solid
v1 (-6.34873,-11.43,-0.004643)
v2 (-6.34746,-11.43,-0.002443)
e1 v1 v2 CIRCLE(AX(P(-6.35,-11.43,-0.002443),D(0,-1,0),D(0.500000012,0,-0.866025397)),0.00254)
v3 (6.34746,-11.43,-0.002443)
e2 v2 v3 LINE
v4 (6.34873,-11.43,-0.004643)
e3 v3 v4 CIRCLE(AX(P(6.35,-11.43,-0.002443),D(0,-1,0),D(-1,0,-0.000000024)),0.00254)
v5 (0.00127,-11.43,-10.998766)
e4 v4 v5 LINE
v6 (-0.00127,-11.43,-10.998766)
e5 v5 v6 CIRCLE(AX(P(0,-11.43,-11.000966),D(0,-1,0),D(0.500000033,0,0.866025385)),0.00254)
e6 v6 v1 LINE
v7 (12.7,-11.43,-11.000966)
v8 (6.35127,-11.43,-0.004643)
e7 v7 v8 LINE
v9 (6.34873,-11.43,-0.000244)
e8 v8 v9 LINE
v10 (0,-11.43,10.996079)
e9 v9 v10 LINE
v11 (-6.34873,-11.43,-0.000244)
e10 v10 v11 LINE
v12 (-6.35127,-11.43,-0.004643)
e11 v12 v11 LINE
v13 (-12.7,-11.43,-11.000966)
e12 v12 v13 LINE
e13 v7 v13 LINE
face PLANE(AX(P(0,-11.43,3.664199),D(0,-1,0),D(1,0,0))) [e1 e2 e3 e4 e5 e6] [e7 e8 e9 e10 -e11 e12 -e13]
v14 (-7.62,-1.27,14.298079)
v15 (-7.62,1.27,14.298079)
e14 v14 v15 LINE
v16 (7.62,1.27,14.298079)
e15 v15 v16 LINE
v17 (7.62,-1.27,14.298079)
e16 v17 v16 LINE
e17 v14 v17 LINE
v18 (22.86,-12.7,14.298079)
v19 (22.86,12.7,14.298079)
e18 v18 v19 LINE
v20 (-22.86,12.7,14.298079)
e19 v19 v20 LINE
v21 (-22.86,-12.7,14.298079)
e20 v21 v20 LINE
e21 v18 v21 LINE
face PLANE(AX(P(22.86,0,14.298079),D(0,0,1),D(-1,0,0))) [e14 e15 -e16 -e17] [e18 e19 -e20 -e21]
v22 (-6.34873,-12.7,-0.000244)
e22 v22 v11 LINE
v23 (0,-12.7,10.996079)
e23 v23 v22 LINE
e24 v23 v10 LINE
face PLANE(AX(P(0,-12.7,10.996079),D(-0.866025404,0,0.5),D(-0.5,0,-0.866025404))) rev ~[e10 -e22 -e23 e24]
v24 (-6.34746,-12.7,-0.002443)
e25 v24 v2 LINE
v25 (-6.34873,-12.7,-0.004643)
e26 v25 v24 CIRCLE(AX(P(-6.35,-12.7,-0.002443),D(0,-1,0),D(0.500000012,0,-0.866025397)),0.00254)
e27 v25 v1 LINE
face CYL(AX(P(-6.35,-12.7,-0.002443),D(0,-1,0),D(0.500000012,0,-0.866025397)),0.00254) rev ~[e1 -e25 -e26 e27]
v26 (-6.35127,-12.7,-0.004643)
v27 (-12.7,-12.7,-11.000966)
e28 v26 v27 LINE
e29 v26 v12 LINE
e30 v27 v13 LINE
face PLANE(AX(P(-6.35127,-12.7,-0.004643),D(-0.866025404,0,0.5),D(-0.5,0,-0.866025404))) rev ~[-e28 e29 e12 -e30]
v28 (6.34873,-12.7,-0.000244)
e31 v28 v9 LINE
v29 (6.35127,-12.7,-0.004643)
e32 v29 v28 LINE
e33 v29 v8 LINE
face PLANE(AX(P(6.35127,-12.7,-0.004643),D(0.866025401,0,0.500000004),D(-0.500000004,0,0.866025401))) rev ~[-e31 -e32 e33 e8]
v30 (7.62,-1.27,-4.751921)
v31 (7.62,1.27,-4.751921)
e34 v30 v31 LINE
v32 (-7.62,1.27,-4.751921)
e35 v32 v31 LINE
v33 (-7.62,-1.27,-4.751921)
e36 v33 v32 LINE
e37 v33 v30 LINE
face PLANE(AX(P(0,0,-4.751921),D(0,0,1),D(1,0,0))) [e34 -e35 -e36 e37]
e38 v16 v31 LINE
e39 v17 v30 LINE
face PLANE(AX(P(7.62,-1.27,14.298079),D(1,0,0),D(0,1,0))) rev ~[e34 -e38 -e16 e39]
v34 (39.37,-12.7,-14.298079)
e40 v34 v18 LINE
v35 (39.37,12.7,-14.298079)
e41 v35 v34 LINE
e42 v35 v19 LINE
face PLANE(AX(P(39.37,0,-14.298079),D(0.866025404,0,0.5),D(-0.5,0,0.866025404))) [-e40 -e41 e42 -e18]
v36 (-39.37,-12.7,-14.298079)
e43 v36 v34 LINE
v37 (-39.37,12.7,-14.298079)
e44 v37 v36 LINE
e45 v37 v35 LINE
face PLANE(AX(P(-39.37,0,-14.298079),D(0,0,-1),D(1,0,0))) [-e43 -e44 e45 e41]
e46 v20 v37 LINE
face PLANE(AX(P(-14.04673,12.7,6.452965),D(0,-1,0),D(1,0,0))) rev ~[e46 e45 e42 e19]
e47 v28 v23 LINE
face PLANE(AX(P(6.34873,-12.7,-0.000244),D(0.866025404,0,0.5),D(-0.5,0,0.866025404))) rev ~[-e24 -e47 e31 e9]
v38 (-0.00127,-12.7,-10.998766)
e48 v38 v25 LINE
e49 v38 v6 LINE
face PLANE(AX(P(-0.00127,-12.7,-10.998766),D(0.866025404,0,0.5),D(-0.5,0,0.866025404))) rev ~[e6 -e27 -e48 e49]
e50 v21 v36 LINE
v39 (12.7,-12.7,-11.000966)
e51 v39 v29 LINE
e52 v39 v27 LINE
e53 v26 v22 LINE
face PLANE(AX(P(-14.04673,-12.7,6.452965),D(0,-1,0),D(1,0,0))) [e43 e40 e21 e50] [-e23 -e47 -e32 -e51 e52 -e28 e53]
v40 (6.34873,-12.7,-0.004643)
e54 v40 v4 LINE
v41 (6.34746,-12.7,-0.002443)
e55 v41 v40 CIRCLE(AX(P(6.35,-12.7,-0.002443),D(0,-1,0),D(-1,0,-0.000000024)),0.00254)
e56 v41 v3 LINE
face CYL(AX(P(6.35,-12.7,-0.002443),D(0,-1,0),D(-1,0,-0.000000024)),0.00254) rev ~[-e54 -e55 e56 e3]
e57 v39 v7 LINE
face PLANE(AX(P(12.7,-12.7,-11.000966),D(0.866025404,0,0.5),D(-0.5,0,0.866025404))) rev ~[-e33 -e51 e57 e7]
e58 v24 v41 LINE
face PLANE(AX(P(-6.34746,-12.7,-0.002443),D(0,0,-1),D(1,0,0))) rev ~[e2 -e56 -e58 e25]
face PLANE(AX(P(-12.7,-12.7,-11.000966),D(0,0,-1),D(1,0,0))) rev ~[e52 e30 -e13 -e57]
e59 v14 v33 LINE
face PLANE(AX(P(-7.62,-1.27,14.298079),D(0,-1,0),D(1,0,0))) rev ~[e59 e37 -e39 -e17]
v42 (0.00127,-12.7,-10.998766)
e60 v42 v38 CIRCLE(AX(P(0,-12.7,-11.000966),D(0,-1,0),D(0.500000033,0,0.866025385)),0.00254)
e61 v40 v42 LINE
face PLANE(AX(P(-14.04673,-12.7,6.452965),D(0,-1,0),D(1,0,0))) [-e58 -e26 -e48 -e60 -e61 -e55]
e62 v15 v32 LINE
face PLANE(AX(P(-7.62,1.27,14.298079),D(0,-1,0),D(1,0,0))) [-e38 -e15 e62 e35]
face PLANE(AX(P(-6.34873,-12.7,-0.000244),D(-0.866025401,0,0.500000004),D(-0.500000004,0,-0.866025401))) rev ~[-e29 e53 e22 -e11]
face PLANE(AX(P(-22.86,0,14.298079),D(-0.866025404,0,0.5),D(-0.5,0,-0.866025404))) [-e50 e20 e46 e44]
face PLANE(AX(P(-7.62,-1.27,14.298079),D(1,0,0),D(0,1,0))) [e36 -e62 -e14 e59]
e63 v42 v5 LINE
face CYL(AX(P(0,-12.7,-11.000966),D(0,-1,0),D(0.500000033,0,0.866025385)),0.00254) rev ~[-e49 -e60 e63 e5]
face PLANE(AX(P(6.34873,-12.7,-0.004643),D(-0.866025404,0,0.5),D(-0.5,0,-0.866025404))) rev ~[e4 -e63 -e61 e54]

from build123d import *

# Parameters (mm, degrees)
F1_DEPTH = 12.7
F3_DEPTH = 1.27
F4_DEPTH = 1.27
F5_W     = 15.24
F5_H     = 2.54
F6_DEPTH = 19.05


with BuildPart() as f1:
    # F0 (on Front) → F1 (new body, symmetric)
    with BuildSketch(Plane.XZ):
        Polygon((-22.86, 14.2980794165), (-31.115, 0), (0, 0), (0, 14.2980794165), align=None)
        Polygon((0, 14.2980794165), (0, 0), (31.115, 0), (22.86, 14.2980794165), align=None)
        Polygon((0, 0), (0, -14.2980794165), (39.37, -14.2980794165), (31.115, 0), align=None)
        Polygon((-31.115, 0), (-39.37, -14.2980794165), (0, -14.2980794165), (0, 0), align=None)
    extrude(amount=F1_DEPTH, both=True)

    # F2 (on face) → F3 (cut)
    with BuildSketch(Plane.XZ.offset(12.7)):
        with BuildLine():
            Line((0, -11.0009658396), (-0.00127, -10.9987661351))
            ThreePointArc((-0.00127, -10.9987661351), (-0.0021997045, -10.9996958396), (-0.00254, -11.0009658396))
            Line((-0.00254, -11.0009658396), (0, -11.0009658396))
        make_face()
        with BuildLine():
            ThreePointArc((-6.34873, -0.0046429161), (-6.35, -0.0049832116), (-6.35127, -0.0046429161))
            Line((-6.35127, -0.0046429161), (-12.7, -11.0009658396))
            Line((-12.7, -11.0009658396), (-0.00254, -11.0009658396))
            ThreePointArc((-0.00254, -11.0009658396), (-0.0021997045, -10.9996958396), (-0.00127, -10.9987661351))
            Line((-0.00127, -10.9987661351), (-6.34873, -0.0046429161))
        make_face()
        with BuildLine():
            Line((-6.34873, -0.0046429161), (-6.35, -0.0024432116))
            Line((-6.35, -0.0024432116), (-6.35127, -0.0046429161))
            ThreePointArc((-6.35127, -0.0046429161), (-6.35, -0.0049832116), (-6.34873, -0.0046429161))
        make_face()
    extrude(amount=-F3_DEPTH, mode=Mode.SUBTRACT)

    # F2 (on face) → F4 (cut)
    with BuildSketch(Plane.XZ.offset(12.7)):
        with BuildLine():
            Line((6.34873, -0.0002435071), (0, 10.9960794165))
            Line((0, 10.9960794165), (-6.34873, -0.0002435071))
            ThreePointArc((-6.34873, -0.0002435071), (-6.3478002955, -0.0011732116), (-6.34746, -0.0024432116))
            Line((-6.34746, -0.0024432116), (6.34746, -0.0024432116))
            ThreePointArc((6.34746, -0.0024432116), (6.3478002955, -0.0011732116), (6.34873, -0.0002435071))
        make_face()
        with BuildLine():
            ThreePointArc((-6.34873, -0.0046429161), (-6.35, -0.0049832116), (-6.35127, -0.0046429161))
            Line((-6.35127, -0.0046429161), (-12.7, -11.0009658396))
            Line((-12.7, -11.0009658396), (-0.00254, -11.0009658396))
            ThreePointArc((-0.00254, -11.0009658396), (-0.0021997045, -10.9996958396), (-0.00127, -10.9987661351))
            Line((-0.00127, -10.9987661351), (-6.34873, -0.0046429161))
        make_face()
        with BuildLine():
            Line((12.7, -11.0009658396), (6.35127, -0.0046429161))
            ThreePointArc((6.35127, -0.0046429161), (6.35, -0.0049832116), (6.34873, -0.0046429161))
            Line((6.34873, -0.0046429161), (0.00127, -10.9987661351))
            ThreePointArc((0.00127, -10.9987661351), (0.0021997045, -10.9996958396), (0.00254, -11.0009658396))
            Line((0.00254, -11.0009658396), (12.7, -11.0009658396))
        make_face()
        with BuildLine():
            Line((-6.34873, -0.0046429161), (-6.35, -0.0024432116))
            Line((-6.35, -0.0024432116), (-6.35127, -0.0046429161))
            ThreePointArc((-6.35127, -0.0046429161), (-6.35, -0.0049832116), (-6.34873, -0.0046429161))
        make_face()
        with BuildLine():
            Line((-6.34746, -0.0024432116), (-6.35, -0.0024432116))
            Line((-6.35, -0.0024432116), (-6.34873, -0.0046429161))
            ThreePointArc((-6.34873, -0.0046429161), (-6.3478002955, -0.0037132116), (-6.34746, -0.0024432116))
        make_face()
        with BuildLine():
            ThreePointArc((-6.34746, -0.0024432116), (-6.3478002955, -0.0011732116), (-6.34873, -0.0002435071))
            Line((-6.34873, -0.0002435071), (-6.35, -0.0024432116))
            Line((-6.35, -0.0024432116), (-6.34746, -0.0024432116))
        make_face()
        with BuildLine():
            Line((6.35, -0.0024432116), (6.34873, -0.0002435071))
            ThreePointArc((6.34873, -0.0002435071), (6.3478002955, -0.0011732116), (6.34746, -0.0024432116))
            Line((6.34746, -0.0024432116), (6.35, -0.0024432116))
        make_face()
        with BuildLine():
            Line((6.34873, -0.0046429161), (6.35, -0.0024432116))
            Line((6.35, -0.0024432116), (6.34746, -0.0024432116))
            ThreePointArc((6.34746, -0.0024432116), (6.3478002955, -0.0037132116), (6.34873, -0.0046429161))
        make_face()
        with BuildLine():
            Line((6.35127, -0.0046429161), (6.35, -0.0024432116))
            Line((6.35, -0.0024432116), (6.34873, -0.0046429161))
            ThreePointArc((6.34873, -0.0046429161), (6.35, -0.0049832116), (6.35127, -0.0046429161))
        make_face()
        with BuildLine():
            Line((0, -11.0009658396), (-0.00127, -10.9987661351))
            ThreePointArc((-0.00127, -10.9987661351), (-0.0021997045, -10.9996958396), (-0.00254, -11.0009658396))
            Line((-0.00254, -11.0009658396), (0, -11.0009658396))
        make_face()
        with BuildLine():
            ThreePointArc((0.00127, -10.9987661351), (0, -10.9984258396), (-0.00127, -10.9987661351))
            Line((-0.00127, -10.9987661351), (0, -11.0009658396))
            Line((0, -11.0009658396), (0.00127, -10.9987661351))
        make_face()
        with BuildLine():
            ThreePointArc((0.00254, -11.0009658396), (0.0021997045, -10.9996958396), (0.00127, -10.9987661351))
            Line((0.00127, -10.9987661351), (0, -11.0009658396))
            Line((0, -11.0009658396), (0.00254, -11.0009658396))
        make_face()
    extrude(amount=-F4_DEPTH, mode=Mode.SUBTRACT)

    # F5 (on face) → F6 (cut)
    with BuildSketch(Plane.XY.offset(14.2980794165)):
        Rectangle(F5_W, F5_H)
    extrude(amount=-F6_DEPTH, mode=Mode.SUBTRACT)


solid = f1.part
